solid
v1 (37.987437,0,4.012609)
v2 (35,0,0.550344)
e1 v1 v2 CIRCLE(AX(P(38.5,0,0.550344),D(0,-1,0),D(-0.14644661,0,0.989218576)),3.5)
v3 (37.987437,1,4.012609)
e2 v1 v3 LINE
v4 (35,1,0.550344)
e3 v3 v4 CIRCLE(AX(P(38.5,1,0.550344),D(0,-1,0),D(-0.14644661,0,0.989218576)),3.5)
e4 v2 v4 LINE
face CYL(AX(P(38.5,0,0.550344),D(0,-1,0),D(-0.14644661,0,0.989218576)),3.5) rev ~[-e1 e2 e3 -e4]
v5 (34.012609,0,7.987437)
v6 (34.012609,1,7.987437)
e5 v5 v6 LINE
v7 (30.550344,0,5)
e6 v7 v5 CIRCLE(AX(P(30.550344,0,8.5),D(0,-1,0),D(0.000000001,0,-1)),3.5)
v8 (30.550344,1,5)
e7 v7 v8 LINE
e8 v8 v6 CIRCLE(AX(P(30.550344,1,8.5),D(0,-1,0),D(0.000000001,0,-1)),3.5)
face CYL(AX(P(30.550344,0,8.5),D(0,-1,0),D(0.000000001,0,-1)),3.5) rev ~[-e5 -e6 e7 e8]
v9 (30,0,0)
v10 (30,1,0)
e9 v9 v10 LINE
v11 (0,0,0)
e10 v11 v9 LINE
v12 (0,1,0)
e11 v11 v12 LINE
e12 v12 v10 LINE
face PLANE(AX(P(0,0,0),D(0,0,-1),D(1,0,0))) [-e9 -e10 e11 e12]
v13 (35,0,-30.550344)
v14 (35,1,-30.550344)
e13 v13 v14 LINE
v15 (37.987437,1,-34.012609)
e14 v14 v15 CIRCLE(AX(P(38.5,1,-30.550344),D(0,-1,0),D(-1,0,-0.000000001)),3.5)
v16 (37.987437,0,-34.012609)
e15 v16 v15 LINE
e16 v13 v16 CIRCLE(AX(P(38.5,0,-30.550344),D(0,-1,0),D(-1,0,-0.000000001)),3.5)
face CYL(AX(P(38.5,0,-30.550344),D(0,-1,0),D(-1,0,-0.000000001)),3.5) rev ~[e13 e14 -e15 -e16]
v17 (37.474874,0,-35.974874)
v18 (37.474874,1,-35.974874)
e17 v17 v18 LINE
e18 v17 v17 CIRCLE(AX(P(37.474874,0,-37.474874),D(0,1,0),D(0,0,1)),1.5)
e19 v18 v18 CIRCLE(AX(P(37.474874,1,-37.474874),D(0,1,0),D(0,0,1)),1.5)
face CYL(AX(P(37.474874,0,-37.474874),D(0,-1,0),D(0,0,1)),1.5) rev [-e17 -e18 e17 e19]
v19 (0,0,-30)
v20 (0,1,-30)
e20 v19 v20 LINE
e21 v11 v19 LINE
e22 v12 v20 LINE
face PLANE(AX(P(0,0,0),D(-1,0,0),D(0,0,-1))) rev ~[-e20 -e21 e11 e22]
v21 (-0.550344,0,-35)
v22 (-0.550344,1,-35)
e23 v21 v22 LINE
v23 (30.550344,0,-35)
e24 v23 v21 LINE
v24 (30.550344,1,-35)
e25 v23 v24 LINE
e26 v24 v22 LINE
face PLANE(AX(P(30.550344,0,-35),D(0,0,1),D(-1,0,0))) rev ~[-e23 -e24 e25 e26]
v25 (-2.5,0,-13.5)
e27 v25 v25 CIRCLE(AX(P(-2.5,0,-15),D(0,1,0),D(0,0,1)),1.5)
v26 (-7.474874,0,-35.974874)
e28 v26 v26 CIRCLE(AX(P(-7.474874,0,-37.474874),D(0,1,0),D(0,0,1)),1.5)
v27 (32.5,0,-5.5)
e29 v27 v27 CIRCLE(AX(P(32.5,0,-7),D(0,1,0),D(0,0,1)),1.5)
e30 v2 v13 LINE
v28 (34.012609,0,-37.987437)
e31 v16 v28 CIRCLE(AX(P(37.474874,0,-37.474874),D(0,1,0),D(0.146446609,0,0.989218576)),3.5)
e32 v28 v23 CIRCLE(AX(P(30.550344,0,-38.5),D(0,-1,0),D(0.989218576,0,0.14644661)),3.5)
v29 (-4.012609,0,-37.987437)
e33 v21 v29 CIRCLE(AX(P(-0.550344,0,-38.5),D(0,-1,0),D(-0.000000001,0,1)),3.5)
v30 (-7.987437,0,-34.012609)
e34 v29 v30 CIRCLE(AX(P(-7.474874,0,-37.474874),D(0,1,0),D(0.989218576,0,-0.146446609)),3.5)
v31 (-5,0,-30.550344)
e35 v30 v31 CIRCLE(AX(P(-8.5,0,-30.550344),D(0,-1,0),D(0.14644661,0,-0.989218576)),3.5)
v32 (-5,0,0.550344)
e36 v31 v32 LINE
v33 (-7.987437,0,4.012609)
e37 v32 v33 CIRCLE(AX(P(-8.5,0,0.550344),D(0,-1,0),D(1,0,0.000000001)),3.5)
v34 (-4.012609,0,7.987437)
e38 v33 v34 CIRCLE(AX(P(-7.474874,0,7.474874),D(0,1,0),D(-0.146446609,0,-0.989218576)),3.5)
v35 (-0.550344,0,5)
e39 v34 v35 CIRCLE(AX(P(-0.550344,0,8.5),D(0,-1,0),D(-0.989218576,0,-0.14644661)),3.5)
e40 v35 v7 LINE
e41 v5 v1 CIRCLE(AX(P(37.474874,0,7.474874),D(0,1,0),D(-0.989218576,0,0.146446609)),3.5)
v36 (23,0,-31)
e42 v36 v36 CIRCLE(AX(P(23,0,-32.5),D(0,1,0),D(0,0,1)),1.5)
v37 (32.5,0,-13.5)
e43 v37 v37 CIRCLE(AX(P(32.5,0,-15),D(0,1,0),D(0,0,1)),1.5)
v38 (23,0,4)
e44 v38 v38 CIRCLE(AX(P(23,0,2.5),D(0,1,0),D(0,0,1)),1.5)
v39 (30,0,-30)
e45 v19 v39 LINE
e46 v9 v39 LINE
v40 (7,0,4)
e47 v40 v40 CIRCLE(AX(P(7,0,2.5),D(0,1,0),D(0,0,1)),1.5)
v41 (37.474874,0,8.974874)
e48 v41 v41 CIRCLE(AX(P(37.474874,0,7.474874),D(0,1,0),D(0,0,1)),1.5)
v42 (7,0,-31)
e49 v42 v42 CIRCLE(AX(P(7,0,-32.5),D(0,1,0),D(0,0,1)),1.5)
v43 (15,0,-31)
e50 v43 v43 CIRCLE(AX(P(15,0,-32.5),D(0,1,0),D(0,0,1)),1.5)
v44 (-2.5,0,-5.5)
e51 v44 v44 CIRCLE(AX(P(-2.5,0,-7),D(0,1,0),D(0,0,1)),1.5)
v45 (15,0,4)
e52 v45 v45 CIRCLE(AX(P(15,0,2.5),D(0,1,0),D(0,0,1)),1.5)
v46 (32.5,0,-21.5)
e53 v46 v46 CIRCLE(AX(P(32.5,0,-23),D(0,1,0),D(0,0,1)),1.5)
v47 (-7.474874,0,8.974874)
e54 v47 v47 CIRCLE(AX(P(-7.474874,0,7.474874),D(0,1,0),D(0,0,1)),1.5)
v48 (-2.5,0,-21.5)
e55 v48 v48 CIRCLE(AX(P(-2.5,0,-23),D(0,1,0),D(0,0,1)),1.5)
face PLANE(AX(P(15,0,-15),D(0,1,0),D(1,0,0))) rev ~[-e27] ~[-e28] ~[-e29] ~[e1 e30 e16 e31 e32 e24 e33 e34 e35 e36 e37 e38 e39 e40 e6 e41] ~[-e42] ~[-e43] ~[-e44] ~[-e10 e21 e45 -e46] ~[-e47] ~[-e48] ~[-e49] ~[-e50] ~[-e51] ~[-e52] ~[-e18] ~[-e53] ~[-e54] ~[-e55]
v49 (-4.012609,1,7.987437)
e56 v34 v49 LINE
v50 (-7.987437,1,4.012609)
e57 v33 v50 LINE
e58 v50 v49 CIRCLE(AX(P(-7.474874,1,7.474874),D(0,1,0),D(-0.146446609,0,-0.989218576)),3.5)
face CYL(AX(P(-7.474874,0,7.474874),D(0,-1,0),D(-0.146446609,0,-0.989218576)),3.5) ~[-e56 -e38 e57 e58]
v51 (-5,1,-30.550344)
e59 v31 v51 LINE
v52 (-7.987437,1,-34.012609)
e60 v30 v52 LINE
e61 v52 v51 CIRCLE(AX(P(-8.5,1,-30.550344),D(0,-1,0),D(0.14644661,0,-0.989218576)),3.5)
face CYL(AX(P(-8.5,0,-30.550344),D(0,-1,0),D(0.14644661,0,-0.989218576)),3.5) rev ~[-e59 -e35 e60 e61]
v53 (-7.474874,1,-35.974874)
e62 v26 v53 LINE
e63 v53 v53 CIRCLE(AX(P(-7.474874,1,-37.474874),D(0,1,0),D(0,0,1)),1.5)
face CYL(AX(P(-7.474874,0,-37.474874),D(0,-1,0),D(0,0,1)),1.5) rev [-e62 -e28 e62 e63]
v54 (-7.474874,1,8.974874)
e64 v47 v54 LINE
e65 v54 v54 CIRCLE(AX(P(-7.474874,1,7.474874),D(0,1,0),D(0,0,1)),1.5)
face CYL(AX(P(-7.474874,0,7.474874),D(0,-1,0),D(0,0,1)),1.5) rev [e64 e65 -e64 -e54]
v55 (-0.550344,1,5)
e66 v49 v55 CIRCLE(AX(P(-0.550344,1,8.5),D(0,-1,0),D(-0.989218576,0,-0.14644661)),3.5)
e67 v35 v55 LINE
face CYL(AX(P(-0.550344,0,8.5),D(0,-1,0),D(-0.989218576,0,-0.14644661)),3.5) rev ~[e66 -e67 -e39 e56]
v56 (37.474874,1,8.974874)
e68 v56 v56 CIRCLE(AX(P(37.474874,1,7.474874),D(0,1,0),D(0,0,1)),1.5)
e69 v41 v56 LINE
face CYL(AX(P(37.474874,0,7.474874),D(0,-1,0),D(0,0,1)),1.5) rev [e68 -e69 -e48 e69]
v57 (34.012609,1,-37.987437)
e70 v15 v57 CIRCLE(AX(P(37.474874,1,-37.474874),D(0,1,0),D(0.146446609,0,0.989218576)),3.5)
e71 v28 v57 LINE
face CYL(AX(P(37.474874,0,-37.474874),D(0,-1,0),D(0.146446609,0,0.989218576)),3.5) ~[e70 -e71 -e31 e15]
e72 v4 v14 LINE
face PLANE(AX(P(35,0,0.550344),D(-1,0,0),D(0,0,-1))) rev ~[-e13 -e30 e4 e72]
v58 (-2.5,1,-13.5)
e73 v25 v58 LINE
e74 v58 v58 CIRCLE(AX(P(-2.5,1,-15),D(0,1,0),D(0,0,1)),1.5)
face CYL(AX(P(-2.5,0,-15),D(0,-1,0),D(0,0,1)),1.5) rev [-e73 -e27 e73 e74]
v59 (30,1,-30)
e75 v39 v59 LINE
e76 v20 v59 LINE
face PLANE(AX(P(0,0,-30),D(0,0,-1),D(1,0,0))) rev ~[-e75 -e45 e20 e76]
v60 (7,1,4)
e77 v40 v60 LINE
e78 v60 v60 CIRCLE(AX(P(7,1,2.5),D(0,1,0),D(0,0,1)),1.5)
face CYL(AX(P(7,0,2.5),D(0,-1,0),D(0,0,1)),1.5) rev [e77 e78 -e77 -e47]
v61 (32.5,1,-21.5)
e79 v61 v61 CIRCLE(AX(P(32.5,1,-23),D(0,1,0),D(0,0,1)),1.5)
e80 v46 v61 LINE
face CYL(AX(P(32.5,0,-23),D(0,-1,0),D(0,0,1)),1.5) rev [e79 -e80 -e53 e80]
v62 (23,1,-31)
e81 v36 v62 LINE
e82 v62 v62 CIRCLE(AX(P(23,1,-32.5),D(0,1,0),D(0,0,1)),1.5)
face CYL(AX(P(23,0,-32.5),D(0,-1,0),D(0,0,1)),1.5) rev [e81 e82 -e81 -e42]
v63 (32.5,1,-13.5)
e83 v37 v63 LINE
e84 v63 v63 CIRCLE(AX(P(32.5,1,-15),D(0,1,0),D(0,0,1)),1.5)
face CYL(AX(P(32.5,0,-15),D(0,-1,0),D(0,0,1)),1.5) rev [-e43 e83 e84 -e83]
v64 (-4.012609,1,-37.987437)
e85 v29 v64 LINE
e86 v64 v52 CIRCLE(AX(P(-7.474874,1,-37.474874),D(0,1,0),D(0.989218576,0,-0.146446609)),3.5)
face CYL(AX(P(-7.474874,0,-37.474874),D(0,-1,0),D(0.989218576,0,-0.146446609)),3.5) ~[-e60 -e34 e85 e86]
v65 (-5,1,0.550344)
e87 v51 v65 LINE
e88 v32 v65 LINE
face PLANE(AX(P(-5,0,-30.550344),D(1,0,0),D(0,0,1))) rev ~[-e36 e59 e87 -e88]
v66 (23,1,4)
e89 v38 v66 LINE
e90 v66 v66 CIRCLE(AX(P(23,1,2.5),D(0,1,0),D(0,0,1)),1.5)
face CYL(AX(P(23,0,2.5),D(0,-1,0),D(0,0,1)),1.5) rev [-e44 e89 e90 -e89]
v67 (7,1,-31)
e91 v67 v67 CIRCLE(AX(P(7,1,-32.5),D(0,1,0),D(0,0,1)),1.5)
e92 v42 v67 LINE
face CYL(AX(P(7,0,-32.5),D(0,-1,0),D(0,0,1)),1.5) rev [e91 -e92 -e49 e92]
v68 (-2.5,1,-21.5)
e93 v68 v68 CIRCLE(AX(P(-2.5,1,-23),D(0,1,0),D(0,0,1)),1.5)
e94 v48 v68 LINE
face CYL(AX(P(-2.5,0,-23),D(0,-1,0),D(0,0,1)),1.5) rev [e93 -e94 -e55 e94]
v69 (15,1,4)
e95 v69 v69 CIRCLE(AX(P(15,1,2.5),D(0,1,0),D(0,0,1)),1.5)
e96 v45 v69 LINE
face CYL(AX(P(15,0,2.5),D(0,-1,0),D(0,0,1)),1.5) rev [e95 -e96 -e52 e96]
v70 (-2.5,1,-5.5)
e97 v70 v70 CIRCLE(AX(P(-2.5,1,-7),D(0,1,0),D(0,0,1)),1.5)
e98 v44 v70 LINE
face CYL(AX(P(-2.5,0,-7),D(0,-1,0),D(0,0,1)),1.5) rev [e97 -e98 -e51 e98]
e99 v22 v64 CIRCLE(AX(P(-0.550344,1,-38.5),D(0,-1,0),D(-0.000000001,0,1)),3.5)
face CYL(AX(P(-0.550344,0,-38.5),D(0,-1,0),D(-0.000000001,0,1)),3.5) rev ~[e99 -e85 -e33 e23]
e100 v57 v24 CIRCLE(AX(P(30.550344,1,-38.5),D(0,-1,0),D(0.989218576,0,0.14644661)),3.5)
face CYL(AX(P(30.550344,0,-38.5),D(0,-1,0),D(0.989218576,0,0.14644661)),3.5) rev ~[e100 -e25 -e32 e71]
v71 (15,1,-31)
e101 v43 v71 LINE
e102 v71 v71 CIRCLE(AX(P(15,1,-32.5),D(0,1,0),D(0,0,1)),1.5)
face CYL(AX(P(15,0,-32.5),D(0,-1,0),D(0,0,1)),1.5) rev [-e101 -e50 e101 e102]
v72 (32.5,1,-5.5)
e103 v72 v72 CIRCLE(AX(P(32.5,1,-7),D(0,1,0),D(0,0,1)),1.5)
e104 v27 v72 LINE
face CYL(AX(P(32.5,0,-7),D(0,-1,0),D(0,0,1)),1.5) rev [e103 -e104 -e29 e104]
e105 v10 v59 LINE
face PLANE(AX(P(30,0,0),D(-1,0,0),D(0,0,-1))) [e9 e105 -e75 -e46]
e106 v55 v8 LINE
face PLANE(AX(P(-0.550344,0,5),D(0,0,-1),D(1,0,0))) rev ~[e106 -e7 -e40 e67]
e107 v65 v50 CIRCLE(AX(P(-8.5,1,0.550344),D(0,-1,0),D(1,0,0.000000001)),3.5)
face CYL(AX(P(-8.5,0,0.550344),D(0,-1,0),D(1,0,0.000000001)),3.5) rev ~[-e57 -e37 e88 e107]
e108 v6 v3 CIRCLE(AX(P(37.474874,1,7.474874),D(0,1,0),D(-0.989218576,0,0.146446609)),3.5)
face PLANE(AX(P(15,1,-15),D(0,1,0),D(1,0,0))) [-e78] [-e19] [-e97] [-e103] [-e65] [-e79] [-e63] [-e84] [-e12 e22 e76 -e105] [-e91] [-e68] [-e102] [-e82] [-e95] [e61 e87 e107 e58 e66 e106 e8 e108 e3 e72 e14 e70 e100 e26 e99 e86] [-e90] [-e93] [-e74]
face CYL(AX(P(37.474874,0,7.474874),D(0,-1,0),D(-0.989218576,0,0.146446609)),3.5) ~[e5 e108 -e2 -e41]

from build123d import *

# Parameters (mm, degrees)
CROQUIS1_R              = 1.5
CROQUIS1_W              = 30
CROQUIS1_H              = 30
SALIENTE_EXTRUIR1_DEPTH = 1


with BuildPart() as part:
    # Croquis1 → Saliente-Extruir1 (new body)
    with BuildSketch(Plane(origin=(0, 0, 0), x_dir=(1, 0, 0), z_dir=(0, 1, 0))):
        with BuildLine():
            Line((-5, 30.550343704), (-5, -0.550343704))
            ThreePointArc((-5, -0.550343704), (-5.850097081, -2.836828892), (-7.987436867, -4.012608719))
            ThreePointArc((-7.987436867, -4.012608719), (-9.949747468, -9.949747468), (-4.012608719, -7.987436867))
            ThreePointArc((-4.012608719, -7.987436867), (-2.836828892, -5.850097081), (-0.550343704, -5))
            Line((-0.550343704, -5), (30.550343704, -5))
            ThreePointArc((30.550343704, -5), (32.836828892, -5.850097081), (34.012608719, -7.987436867))
            ThreePointArc((34.012608719, -7.987436867), (39.949747468, -9.949747468), (37.987436867, -4.012608719))
            ThreePointArc((37.987436867, -4.012608719), (35.850097081, -2.836828892), (35, -0.550343704))
            Line((35, -0.550343704), (35, 30.550343704))
            ThreePointArc((35, 30.550343704), (35.850097081, 32.836828892), (37.987436867, 34.012608719))
            ThreePointArc((37.987436867, 34.012608719), (39.949747468, 39.949747468), (34.012608719, 37.987436867))
            ThreePointArc((34.012608719, 37.987436867), (32.836828892, 35.850097081), (30.550343704, 35))
            Line((30.550343704, 35), (-0.550343704, 35))
            ThreePointArc((-0.550343704, 35), (-2.836828892, 35.850097081), (-4.012608719, 37.987436867))
            ThreePointArc((-4.012608719, 37.987436867), (-9.949747468, 39.949747468), (-7.987436867, 34.012608719))
            ThreePointArc((-7.987436867, 34.012608719), (-5.850097081, 32.836828892), (-5, 30.550343704))
        make_face()
        with Locations(Location((7, -2.5, 0), (0, 0, 270))):
            Circle(CROQUIS1_R, mode=Mode.SUBTRACT)
        with Locations(Location((15, -2.5, 0), (0, 0, 270))):
            Circle(CROQUIS1_R, mode=Mode.SUBTRACT)
        with Locations(Location((-2.5, 7, 0), (0, 0, 270))):
            Circle(CROQUIS1_R, mode=Mode.SUBTRACT)
        with Locations((15, 15)):
            Rectangle(CROQUIS1_W, CROQUIS1_H, mode=Mode.SUBTRACT)
        with Locations(Location((23, -2.5, 0), (0, 0, 270))):
            Circle(CROQUIS1_R, mode=Mode.SUBTRACT)
        with Locations(Location((32.5, 7, 0), (0, 0, 270))):
            Circle(CROQUIS1_R, mode=Mode.SUBTRACT)
        with Locations(Location((32.5, 15, 0), (0, 0, 270))):
            Circle(CROQUIS1_R, mode=Mode.SUBTRACT)
        with Locations(Location((-2.5, 15, 0), (0, 0, 270))):
            Circle(CROQUIS1_R, mode=Mode.SUBTRACT)
        with Locations(Location((-2.5, 23, 0), (0, 0, 270))):
            Circle(CROQUIS1_R, mode=Mode.SUBTRACT)
        with Locations(Location((-7.474873734, 37.474873734, 0), (0, 0, 270))):
            Circle(CROQUIS1_R, mode=Mode.SUBTRACT)
        with Locations(Location((7, 32.5, 0), (0, 0, 270))):
            Circle(CROQUIS1_R, mode=Mode.SUBTRACT)
        with Locations(Location((32.5, 23, 0), (0, 0, 270))):
            Circle(CROQUIS1_R, mode=Mode.SUBTRACT)
        with Locations(Location((15, 32.5, 0), (0, 0, 270))):
            Circle(CROQUIS1_R, mode=Mode.SUBTRACT)
        with Locations(Location((23, 32.5, 0), (0, 0, 270))):
            Circle(CROQUIS1_R, mode=Mode.SUBTRACT)
        with Locations(Location((-7.474873734, -7.474873734, 0), (0, 0, 270))):
            Circle(CROQUIS1_R, mode=Mode.SUBTRACT)
        with Locations(Location((37.474873734, -7.474873734, 0), (0, 0, 270))):
            Circle(CROQUIS1_R, mode=Mode.SUBTRACT)
        with Locations(Location((37.474873734, 37.474873734, 0), (0, 0, 270))):
            Circle(CROQUIS1_R, mode=Mode.SUBTRACT)
    extrude(amount=SALIENTE_EXTRUIR1_DEPTH)


solid = part.part
